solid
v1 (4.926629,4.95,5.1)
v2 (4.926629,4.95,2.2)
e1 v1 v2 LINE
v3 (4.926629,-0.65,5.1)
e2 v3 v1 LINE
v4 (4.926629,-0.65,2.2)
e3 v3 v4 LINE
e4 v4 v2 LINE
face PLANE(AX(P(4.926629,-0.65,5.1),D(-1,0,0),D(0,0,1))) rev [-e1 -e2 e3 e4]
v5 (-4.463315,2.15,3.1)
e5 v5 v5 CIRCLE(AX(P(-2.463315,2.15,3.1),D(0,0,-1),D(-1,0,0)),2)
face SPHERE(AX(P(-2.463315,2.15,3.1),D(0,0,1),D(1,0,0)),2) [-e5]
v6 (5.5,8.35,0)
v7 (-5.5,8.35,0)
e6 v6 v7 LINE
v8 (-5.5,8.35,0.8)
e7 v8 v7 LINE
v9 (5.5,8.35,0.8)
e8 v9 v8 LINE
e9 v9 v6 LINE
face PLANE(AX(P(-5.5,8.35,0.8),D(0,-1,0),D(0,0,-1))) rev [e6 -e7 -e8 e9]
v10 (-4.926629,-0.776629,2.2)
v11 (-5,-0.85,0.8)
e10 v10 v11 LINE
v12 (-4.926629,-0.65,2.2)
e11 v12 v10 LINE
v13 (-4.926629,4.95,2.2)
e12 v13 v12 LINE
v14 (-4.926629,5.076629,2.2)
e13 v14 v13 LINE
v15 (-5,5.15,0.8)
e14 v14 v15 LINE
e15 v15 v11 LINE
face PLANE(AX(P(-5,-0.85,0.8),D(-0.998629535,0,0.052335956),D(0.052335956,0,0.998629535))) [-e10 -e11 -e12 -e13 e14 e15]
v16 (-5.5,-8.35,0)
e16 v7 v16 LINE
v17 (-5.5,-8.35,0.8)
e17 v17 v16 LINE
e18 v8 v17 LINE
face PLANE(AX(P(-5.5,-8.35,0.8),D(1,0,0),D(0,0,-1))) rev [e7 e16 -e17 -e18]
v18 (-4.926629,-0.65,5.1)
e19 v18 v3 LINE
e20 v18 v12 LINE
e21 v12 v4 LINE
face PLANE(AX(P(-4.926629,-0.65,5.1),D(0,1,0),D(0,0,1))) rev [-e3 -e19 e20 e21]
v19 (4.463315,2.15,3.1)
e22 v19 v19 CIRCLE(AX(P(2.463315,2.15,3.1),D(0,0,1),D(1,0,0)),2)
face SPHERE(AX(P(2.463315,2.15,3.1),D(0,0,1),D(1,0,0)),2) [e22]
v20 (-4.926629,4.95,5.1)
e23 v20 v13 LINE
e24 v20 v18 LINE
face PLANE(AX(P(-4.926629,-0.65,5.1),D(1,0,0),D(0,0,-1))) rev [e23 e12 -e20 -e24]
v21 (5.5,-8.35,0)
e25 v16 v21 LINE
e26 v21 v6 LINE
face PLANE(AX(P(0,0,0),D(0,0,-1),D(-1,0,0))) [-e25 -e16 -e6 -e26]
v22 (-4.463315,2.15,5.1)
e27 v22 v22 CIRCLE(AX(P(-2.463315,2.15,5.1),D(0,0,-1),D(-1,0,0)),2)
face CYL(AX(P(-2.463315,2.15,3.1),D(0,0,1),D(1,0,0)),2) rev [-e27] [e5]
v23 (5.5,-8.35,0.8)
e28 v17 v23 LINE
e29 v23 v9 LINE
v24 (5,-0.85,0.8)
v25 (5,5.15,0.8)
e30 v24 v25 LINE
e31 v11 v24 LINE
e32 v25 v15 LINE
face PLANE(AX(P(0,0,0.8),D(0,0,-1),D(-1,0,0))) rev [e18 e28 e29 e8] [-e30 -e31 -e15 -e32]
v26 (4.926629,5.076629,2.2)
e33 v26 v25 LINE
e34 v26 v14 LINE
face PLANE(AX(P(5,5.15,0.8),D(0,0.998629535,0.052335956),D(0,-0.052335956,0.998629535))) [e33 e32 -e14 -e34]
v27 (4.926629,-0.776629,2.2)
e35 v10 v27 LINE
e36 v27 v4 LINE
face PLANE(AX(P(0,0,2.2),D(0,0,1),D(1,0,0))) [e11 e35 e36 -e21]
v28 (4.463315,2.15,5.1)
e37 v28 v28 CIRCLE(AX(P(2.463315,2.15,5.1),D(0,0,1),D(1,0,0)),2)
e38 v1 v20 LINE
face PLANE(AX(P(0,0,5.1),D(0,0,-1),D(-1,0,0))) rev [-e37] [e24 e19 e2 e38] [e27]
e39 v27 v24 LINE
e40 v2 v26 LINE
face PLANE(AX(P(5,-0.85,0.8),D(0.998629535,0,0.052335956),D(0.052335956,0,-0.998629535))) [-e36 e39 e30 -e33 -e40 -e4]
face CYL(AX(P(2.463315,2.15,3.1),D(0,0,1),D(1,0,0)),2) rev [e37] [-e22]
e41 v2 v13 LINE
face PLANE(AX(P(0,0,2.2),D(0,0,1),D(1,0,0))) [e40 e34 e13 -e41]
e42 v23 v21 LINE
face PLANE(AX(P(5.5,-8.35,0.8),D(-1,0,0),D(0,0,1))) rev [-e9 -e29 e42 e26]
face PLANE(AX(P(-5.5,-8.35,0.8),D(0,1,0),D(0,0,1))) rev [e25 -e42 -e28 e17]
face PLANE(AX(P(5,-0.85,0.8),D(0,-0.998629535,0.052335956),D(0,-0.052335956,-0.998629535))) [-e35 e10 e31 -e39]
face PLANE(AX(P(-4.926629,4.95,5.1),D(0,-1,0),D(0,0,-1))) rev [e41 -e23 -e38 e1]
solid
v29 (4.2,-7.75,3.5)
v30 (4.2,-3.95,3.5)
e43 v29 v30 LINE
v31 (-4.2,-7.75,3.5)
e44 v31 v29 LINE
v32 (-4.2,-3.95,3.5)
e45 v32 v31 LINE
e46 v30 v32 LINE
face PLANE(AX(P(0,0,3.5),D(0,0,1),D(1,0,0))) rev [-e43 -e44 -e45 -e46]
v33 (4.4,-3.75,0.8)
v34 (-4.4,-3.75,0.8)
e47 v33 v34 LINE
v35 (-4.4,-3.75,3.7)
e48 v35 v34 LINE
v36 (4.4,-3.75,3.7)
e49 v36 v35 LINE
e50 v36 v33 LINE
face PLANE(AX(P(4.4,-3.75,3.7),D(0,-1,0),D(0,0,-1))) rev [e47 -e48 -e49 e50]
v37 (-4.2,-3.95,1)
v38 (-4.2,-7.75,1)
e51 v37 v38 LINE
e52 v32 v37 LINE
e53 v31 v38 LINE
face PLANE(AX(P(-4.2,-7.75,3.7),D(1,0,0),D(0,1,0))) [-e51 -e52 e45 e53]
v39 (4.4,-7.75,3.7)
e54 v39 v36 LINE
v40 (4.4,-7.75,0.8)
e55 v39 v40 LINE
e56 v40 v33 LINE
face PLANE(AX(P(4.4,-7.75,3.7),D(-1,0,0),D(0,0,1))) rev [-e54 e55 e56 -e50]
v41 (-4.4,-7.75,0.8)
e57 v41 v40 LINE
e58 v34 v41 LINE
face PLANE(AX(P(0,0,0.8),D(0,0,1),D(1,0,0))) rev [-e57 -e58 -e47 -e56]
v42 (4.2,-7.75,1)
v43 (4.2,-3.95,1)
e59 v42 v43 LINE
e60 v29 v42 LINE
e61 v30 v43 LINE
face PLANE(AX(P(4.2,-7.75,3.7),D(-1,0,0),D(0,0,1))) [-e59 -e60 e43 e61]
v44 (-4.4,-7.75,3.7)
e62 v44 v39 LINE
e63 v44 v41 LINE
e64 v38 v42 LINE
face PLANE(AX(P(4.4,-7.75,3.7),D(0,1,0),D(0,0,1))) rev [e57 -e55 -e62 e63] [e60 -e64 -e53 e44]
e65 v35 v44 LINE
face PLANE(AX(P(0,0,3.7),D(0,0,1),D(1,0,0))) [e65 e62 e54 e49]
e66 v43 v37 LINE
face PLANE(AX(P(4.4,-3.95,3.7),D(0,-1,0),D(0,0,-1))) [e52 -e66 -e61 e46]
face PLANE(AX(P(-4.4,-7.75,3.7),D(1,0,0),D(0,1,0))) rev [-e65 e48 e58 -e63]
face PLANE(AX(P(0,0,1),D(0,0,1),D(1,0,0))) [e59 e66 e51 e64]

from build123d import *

# Parameters (mm, degrees)
SKETCH1_W           = 11
SKETCH1_H           = 16.7
PCB_DEPTH           = 0.8
SKETCH3_W           = 10
SKETCH3_H           = 6
BOSS_EXTRUDE3_DEPTH = 1.4
BOSS_EXTRUDE3_TAPER = 3
SKETCH4_W           = 9.853258218
SKETCH4_H           = 5.6
BOSS_EXTRUDE4_DEPTH = 2.9
SKETCH5_R           = 2
CUT_EXTRUDE1_DEPTH  = 2
DOME1_FACE_RADIUS   = 2
DOME1_HEIGHT        = 2
DOME2_FACE_RADIUS   = 2
DOME2_HEIGHT        = 2
SKETCH7_W           = 8.8
SKETCH7_H           = 4
BOSS_EXTRUDE5_DEPTH = 2.9
SHELL1_T            = -0.2


with BuildPart() as part:
    # Sketch1 → PCB (new body)
    with BuildSketch(Plane.XY):
        Rectangle(SKETCH1_W, SKETCH1_H)
    extrude(amount=PCB_DEPTH)

    # Sketch3 → Boss-Extrude3 (add)
    with BuildSketch(Plane.XY.offset(0.8)):
        with Locations((0, 2.15)):
            Rectangle(SKETCH3_W, SKETCH3_H)
    extrude(amount=BOSS_EXTRUDE3_DEPTH, taper=BOSS_EXTRUDE3_TAPER)

    # Sketch4 → Boss-Extrude4 (add)
    with BuildSketch(Plane.XY.offset(2.2)):
        with Locations((0, 2.15)):
            Rectangle(SKETCH4_W, SKETCH4_H)
    extrude(amount=BOSS_EXTRUDE4_DEPTH)

    # Sketch5 → Cut-Extrude1 (cut)
    with BuildSketch(Plane.XY.offset(5.1)):
        with Locations((2.463314555, 2.15)):
            Circle(SKETCH5_R)
        with Locations(Location((-2.463314555, 2.15, 0), (0, 0, 180))):
            Circle(SKETCH5_R)
    extrude(amount=-CUT_EXTRUDE1_DEPTH, mode=Mode.SUBTRACT)

    # Dome1: a dome of height H over a round flat face of radius A is a cap of a sphere of radius (A * A + H * H) / (2 * H)
    dome1_r = (DOME1_FACE_RADIUS * DOME1_FACE_RADIUS + DOME1_HEIGHT * DOME1_HEIGHT) / (2 * DOME1_HEIGHT)
    dome1_base = Plane((2.463314555, 2.15, 3.1), z_dir=(0, 0, 1))
    with Locations(dome1_base.offset(DOME1_HEIGHT - dome1_r)):
        dome1_ball = Sphere(dome1_r, mode=Mode.PRIVATE)
    add(split(dome1_ball, bisect_by=dome1_base, keep=Keep.TOP, mode=Mode.PRIVATE))

    # Dome2: a dome of height H over a round flat face of radius A is a cap of a sphere of radius (A * A + H * H) / (2 * H)
    dome2_r = (DOME2_FACE_RADIUS * DOME2_FACE_RADIUS + DOME2_HEIGHT * DOME2_HEIGHT) / (2 * DOME2_HEIGHT)
    dome2_base = Plane((-2.463314555, 2.15, 3.1), z_dir=(0, 0, 1))
    with Locations(dome2_base.offset(DOME2_HEIGHT - dome2_r)):
        dome2_ball = Sphere(dome2_r, mode=Mode.PRIVATE)
    add(split(dome2_ball, bisect_by=dome2_base, keep=Keep.TOP, mode=Mode.PRIVATE))


with BuildPart() as body_2:
    # Sketch7 → Boss-Extrude5 (new body)
    with BuildSketch(Plane.XY.offset(0.8)):
        with Locations((0, -5.75)):
            Rectangle(SKETCH7_W, SKETCH7_H)
    extrude(amount=BOSS_EXTRUDE5_DEPTH)

    # Shell1
    shell1_openings = [body_2.faces().sort_by_distance(p)[0] for p in [
        (0, -7.75, 2.25),
    ]]
    offset(amount=SHELL1_T, openings=shell1_openings, kind=Kind.INTERSECTION)


solid = Compound([part.part, body_2.part])
